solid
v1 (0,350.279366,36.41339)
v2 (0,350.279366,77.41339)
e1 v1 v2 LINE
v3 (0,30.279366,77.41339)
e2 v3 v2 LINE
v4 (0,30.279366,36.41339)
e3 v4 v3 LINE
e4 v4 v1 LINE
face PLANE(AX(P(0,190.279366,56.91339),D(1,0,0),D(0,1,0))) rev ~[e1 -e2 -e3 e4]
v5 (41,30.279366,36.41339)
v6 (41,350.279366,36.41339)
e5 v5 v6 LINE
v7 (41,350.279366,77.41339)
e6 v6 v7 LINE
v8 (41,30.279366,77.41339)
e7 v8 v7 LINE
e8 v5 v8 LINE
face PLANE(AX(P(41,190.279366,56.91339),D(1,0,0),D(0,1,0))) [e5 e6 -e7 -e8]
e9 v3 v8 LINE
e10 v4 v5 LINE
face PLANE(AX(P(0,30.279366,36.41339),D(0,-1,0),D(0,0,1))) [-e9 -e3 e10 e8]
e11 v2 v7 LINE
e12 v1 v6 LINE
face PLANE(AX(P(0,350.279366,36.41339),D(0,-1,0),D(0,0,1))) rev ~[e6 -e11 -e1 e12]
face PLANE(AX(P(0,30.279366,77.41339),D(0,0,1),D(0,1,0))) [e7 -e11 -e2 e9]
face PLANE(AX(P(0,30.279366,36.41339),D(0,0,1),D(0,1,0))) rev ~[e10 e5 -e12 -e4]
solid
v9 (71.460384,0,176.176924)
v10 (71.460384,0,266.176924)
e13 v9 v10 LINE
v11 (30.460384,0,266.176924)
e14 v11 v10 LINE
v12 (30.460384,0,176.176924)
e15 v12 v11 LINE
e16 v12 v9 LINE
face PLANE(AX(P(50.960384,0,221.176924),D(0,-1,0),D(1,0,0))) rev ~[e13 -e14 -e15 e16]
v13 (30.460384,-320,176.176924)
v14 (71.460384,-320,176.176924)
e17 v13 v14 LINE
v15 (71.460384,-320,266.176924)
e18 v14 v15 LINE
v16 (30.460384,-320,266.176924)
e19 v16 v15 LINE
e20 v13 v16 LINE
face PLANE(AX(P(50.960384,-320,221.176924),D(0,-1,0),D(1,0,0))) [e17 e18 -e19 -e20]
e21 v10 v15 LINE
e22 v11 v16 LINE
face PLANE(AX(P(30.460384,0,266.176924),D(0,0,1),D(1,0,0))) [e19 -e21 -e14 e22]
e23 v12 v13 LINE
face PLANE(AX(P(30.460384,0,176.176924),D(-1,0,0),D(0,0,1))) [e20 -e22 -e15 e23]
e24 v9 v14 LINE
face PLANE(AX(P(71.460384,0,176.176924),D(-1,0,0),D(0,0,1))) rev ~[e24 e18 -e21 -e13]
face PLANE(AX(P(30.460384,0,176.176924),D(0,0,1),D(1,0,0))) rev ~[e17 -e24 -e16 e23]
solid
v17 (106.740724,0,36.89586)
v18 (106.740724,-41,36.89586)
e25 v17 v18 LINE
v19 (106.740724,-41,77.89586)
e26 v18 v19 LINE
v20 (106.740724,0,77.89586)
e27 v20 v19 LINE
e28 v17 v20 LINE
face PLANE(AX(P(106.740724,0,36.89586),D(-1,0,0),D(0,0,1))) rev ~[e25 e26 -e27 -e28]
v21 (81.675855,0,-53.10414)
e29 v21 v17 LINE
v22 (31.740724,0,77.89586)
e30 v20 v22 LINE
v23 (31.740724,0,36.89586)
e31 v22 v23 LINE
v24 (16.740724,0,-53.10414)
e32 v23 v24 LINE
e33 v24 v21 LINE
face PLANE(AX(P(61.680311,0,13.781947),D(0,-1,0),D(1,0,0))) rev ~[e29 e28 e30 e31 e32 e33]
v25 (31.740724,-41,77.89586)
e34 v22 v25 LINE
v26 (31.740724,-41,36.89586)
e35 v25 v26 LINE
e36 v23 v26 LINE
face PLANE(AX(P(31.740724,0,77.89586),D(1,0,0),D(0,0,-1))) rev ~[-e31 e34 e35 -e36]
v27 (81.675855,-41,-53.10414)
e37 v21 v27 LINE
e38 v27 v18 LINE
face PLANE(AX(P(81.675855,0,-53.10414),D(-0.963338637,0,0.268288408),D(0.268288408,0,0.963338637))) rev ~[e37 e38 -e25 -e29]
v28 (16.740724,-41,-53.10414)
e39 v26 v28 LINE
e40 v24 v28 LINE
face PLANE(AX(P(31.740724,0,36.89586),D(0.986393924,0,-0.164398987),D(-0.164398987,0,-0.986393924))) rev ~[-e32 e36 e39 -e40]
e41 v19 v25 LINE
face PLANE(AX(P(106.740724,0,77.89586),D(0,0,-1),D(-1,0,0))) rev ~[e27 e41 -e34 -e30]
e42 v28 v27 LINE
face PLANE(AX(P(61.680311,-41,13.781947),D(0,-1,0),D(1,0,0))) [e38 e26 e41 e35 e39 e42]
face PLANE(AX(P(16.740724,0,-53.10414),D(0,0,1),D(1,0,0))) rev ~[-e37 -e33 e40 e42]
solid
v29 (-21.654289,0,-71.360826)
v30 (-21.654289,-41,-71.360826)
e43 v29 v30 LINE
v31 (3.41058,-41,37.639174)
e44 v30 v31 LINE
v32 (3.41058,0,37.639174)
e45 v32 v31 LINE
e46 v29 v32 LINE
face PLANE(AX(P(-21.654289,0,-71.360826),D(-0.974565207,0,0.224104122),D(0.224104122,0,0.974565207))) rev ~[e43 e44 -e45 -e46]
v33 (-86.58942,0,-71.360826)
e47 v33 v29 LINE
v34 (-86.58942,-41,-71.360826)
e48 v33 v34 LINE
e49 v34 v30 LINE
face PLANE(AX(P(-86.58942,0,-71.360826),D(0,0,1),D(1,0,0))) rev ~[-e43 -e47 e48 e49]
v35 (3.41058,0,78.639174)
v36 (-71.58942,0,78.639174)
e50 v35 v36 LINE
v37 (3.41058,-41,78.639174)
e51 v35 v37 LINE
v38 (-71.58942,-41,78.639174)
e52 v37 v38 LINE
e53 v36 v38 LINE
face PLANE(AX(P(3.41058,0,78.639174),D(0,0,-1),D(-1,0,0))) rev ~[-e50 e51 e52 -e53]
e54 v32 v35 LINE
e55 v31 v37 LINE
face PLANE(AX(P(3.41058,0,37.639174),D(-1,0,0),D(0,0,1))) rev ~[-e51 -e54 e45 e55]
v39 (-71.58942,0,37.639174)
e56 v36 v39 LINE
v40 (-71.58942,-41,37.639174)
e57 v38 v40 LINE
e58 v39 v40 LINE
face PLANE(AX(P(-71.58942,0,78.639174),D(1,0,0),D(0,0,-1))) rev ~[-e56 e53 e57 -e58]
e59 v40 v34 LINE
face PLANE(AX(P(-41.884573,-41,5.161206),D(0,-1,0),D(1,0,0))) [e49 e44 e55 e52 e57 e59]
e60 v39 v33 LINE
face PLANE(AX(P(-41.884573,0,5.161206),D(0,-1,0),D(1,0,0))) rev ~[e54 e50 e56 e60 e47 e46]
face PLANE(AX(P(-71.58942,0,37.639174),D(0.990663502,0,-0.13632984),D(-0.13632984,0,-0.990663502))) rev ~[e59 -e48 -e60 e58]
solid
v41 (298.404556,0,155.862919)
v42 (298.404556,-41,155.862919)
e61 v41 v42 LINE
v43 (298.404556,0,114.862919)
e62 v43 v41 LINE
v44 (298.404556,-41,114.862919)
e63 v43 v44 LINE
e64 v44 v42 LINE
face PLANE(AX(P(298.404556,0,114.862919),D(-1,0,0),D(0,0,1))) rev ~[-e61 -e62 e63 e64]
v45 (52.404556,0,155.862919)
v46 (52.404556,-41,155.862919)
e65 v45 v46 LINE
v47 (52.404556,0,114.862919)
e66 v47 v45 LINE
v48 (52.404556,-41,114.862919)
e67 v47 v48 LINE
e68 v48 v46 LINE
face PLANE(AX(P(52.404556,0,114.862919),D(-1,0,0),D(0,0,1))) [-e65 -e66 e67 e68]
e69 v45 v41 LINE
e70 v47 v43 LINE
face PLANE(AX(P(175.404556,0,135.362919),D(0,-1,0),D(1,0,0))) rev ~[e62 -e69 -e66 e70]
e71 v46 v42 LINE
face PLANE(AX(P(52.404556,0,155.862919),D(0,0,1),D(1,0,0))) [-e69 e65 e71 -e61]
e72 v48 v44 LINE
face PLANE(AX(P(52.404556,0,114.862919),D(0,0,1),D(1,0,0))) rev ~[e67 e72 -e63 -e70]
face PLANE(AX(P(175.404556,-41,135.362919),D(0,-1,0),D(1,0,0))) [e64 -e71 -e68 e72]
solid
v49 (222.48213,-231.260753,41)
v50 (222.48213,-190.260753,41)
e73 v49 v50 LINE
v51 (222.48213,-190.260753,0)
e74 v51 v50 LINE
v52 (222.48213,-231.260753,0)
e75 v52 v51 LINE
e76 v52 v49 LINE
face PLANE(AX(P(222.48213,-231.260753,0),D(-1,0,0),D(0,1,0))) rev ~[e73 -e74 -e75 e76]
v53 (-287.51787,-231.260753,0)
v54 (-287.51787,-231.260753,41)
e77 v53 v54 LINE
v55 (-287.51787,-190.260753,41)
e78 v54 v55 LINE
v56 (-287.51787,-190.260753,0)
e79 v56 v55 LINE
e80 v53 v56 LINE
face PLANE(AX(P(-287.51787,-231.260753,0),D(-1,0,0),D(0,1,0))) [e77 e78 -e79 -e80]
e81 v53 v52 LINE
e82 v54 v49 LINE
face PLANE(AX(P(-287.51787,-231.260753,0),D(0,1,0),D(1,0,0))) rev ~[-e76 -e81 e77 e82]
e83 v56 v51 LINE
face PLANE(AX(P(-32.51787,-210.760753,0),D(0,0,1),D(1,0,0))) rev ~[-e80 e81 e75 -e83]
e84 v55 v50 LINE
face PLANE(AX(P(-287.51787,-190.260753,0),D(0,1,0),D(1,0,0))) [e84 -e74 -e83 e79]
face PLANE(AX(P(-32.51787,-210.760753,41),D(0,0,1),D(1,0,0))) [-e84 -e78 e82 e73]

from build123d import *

# Parameters (mm, degrees)
F1_DEPTH  = 41
F2_W      = 246
F2_H      = 41
F3_DEPTH  = 41
F4_W      = 320
F4_H      = 41
F5_DEPTH  = 41
F6_W      = 510
F6_H      = 41
F7_DEPTH  = 41
F8_W      = 41
F8_H      = 90
F9_DEPTH  = 320
F11_DEPTH = 41


with BuildPart() as f1:
    # F0 (on Front) → F1 (new body)
    with BuildSketch(Plane.XZ):
        Polygon((3.41058, 78.639174), (-71.58942, 78.639174), (-71.58942, 37.639174), (-86.58942, -71.360826), (-21.654289, -71.360826), (3.41058, 37.639174), align=None)
    extrude(amount=F1_DEPTH)


with BuildPart() as f3:
    # F2 (on Front) → F3 (new body)
    with BuildSketch(Plane.XZ):
        with Locations((175.404556, 135.362919)):
            Rectangle(F2_W, F2_H)
    extrude(amount=F3_DEPTH)


with BuildPart() as f5:
    # F4 (on Right) → F5 (new body)
    with BuildSketch(Plane.YZ):
        with Locations((190.279366, 56.91339)):
            Rectangle(F4_W, F4_H)
    extrude(amount=F5_DEPTH)


with BuildPart() as f7:
    # F6 (on Top) → F7 (new body)
    with BuildSketch(Plane.XY):
        with Locations((-32.51787, -210.760753)):
            Rectangle(F6_W, F6_H)
    extrude(amount=F7_DEPTH)


with BuildPart() as f9:
    # F8 (on Front) → F9 (new body)
    with BuildSketch(Plane.XZ):
        with Locations((50.960384, 221.176924)):
            Rectangle(F8_W, F8_H)
    extrude(amount=F9_DEPTH)


with BuildPart() as f11:
    # F10 (on Front) → F11 (new body)
    with BuildSketch(Plane.XZ):
        Polygon((106.740724, 77.89586), (31.740724, 77.89586), (31.740724, 36.89586), (16.740724, -53.10414), (81.675855, -53.10414), (106.740724, 36.89586), align=None)
    extrude(amount=F11_DEPTH)


solid = Compound([f1.part, f3.part, f5.part, f7.part, f9.part, f11.part])
